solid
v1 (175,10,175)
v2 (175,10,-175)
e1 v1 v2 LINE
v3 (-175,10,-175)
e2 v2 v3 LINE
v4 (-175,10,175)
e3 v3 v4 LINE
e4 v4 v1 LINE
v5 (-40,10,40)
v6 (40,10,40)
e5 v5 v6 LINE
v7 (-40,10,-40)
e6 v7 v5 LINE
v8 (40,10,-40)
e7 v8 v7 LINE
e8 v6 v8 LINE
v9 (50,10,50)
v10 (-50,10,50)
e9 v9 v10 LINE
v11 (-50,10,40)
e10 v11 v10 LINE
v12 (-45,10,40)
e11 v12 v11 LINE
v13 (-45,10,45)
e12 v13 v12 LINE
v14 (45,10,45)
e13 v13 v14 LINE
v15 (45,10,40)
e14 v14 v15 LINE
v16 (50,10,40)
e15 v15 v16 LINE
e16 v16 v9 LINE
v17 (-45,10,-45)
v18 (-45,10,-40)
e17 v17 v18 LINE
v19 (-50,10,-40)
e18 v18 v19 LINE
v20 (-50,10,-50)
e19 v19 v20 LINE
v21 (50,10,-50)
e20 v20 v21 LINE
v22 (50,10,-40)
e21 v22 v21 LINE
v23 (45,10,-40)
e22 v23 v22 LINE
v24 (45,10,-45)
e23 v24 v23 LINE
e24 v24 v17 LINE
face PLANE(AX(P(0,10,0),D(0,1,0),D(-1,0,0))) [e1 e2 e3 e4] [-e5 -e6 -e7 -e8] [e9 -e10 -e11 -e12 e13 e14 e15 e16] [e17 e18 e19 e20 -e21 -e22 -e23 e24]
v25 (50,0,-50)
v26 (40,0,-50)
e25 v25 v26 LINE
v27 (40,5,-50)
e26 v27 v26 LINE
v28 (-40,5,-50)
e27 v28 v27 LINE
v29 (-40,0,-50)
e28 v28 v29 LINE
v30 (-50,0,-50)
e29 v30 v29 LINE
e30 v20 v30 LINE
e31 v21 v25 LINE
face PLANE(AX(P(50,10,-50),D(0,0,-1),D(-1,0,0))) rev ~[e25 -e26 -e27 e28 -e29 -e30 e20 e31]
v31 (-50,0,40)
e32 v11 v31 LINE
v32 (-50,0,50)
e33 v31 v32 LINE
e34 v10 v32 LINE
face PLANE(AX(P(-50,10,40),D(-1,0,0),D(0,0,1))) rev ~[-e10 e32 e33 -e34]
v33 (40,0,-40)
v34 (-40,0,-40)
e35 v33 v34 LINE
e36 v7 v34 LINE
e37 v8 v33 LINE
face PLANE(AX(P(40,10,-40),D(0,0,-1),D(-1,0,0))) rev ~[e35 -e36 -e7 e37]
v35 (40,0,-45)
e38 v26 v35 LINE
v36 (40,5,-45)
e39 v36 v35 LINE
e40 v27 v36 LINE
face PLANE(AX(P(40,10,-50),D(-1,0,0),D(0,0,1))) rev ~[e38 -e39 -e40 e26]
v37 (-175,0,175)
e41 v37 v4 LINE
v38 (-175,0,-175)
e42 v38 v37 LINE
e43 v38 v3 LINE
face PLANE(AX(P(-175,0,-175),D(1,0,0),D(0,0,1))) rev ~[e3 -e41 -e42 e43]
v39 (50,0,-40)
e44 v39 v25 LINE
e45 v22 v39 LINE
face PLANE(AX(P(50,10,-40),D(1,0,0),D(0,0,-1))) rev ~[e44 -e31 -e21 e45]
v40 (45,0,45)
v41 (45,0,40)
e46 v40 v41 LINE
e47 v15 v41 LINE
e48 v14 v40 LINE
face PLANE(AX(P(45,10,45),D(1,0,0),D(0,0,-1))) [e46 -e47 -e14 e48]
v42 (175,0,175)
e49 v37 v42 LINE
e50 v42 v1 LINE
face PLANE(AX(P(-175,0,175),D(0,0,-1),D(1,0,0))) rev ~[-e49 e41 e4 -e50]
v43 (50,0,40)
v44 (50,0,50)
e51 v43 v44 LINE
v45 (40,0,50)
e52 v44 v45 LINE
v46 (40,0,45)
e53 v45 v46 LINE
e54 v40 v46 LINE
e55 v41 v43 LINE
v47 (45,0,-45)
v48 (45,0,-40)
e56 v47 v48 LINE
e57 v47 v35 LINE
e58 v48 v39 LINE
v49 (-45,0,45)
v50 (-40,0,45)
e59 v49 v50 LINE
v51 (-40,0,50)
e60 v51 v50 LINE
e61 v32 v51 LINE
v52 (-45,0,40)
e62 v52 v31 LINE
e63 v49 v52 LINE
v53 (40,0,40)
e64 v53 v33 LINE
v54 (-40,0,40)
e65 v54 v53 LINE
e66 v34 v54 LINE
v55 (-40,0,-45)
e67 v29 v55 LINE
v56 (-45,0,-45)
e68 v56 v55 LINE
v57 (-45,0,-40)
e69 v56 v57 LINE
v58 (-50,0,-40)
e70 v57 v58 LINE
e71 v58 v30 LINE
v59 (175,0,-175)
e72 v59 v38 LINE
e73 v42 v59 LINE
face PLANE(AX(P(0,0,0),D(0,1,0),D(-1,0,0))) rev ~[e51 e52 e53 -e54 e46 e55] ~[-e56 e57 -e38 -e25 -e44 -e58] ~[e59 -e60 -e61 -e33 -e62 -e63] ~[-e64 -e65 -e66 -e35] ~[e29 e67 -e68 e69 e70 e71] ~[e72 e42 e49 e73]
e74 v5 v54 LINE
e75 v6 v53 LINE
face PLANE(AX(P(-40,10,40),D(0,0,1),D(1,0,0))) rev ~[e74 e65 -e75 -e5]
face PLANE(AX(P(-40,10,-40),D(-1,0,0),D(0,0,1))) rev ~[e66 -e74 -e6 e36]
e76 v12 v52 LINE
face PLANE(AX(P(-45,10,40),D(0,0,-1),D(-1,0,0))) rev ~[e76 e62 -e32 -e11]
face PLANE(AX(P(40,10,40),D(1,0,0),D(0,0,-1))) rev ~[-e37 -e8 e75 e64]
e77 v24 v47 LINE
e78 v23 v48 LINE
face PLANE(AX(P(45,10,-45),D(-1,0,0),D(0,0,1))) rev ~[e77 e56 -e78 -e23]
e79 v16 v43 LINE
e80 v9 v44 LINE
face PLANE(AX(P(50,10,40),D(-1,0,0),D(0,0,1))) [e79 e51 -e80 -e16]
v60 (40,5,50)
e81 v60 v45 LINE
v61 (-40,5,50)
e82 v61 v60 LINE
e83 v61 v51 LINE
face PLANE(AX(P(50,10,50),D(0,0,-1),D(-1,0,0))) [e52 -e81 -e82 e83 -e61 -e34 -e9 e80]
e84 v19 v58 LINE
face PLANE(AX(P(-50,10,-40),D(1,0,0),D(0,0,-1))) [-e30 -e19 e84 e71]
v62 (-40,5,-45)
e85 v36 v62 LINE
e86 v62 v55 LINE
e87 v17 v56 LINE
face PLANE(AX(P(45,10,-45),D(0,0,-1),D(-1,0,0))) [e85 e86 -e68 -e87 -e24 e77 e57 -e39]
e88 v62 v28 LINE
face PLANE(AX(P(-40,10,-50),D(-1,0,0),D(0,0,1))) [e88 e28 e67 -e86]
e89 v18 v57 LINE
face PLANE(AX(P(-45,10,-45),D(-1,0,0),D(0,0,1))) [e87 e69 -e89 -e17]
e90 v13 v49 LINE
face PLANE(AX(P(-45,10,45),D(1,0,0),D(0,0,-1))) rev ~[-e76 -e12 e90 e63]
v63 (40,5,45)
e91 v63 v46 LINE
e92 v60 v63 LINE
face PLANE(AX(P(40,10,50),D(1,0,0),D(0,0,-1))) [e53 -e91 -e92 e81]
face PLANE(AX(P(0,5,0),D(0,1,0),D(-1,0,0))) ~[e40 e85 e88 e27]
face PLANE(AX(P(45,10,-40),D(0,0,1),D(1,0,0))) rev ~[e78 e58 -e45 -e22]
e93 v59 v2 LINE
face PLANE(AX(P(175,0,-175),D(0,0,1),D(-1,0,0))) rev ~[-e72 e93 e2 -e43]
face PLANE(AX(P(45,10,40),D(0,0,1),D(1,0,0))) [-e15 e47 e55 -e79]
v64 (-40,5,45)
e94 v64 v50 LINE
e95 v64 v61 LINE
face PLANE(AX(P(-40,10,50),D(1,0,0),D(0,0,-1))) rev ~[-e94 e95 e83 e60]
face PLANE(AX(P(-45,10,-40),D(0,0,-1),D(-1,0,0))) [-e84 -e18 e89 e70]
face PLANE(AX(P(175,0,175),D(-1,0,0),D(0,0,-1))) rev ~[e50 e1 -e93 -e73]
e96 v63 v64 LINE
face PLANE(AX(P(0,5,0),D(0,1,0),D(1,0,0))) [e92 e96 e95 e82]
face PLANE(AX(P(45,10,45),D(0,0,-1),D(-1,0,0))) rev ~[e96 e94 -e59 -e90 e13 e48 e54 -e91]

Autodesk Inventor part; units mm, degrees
ref_plane "YZ Plane" through (0, 0, 0) normal (1, 0, 0) x (0, 1, 0)
ref_plane "XZ Plane" through (0, 0, 0) normal (0, 1, 0) x (-1, 0, 0)
ref_plane "XY Plane" through (0, 0, 0) normal (0, 0, 1) x (1, 0, 0)
sketch "Sketch1" plane through (0, 0, 0) normal (0, 1, 0) x (-1, 0, 0)
  line L0 (-175, 175) -> (-175, -175)
  line L1 (-175, -175) -> (175, -175)
  line L2 (175, -175) -> (175, 175)
  line L3 (175, 175) -> (-175, 175)
  line L4 (-175, 175) -> (175, -175) construction
  line L5 (-175, -175) -> (175, 175) construction
  point P0 (0, 0)
  dimension "d0" = 350
  dimension "d1" = 350
extrude "Extrusion1" add sketch "Sketch1" along normal blind 10
sketch "Sketch2" plane through (0, 10, 0) normal (0, 1, 0) x (1, 0, 0)
  line L0 (175, -175) -> (175, 175) projected
  line L1 (175, 175) -> (-175, 175) projected
  line L2 (-175, 175) -> (-175, -175) projected
  line L3 (-175, -175) -> (175, -175) projected
  line L4 (-175, 175) -> (175, -175) construction
  line L5 (-175, -175) -> (175, -175) construction
  line L6 (-175, -175) -> (161.7326, 161.7326) construction
  line L7 (40, -40) -> (40, 40)
  line L8 (40, 40) -> (-40, 40)
  line L9 (-40, 40) -> (-40, -40)
  line L10 (-40, -40) -> (40, -40)
  line L11 (40, -40) -> (-40, 40) construction
  line L12 (40, 40) -> (-40, -40) construction
  point P0 (0, 0)
  dimension "d4" = 80
  dimension "d5" = 80
extrude "Extrusion2" cut sketch "Sketch2" against normal blind 10 contours L10 L9 L8 L7
sketch "Sketch3" plane through (0, 10, 0) normal (0, 1, 0) x (1, 0, 0)
  line L0 (40, -40) -> (-40, -40) projected
  point P0 (0, 0)
sketch "Sketch4" plane through (0, 10, 0) normal (0, 1, 0) x (1, 0, 0)
  line L0 (40, -40) -> (-40, -40) construction
  line L1 (45, -40) -> (50, -40) construction
  line L2 (45, -40) -> (50, -40)
  line L3 (50, -40) -> (50, -50)
  line L4 (50, -50) -> (40, -50)
  line L5 (40, 40) -> (40, -40) projected
  line L6 (40, -50) -> (40, -45)
  line L7 (45, -45) -> (40, -45)
  line L8 (45, -45) -> (45, -40)
  line L9 (111.0748, 0) -> (-96.7509, 0) construction
  line L10 (0, -82.157) -> (0, 67.3265) construction
  line L11 (45, 40) -> (50, 40)
  line L12 (50, 40) -> (50, 50)
  line L13 (50, 50) -> (40, 50)
  line L14 (40, 50) -> (40, 45)
  line L15 (45, 45) -> (40, 45)
  line L16 (45, 45) -> (45, 40)
  line L17 (-45, -40) -> (-50, -40)
  line L18 (-50, -40) -> (-50, -50)
  line L19 (-50, -50) -> (-40, -50)
  line L20 (-40, -50) -> (-40, -45)
  line L21 (-45, -45) -> (-40, -45)
  line L22 (-45, -45) -> (-45, -40)
  line L23 (-50, 40) -> (-50, 50)
  line L24 (-45, 45) -> (-45, 40)
  line L25 (-45, 45) -> (-40, 45)
  line L26 (-40, 50) -> (-40, 45)
  line L27 (-50, 50) -> (-40, 50)
  line L28 (-45, 40) -> (-50, 40)
  point P0 (0, 0)
  dimension "d10" = 10
  dimension "d11" = 10
  dimension "d12" = 10
  dimension "d14" = 5
  dimension "d15" = 5
extrude "Extrusion3" cut sketch "Sketch4" against normal blind 10
sketch "Sketch5" plane through (0, 10, 0) normal (0, 1, 0) x (1, 0, 0)
  line L0 (-45, -45) -> (-40, -45) projected
  line L1 (40, -45) -> (-40, -45)
  line L2 (-40, -45) -> (-40, -50) projected
  line L3 (-40, -45) -> (-40, -50)
  line L4 (40, -50) -> (40, -45) projected
  line L5 (-40, -50) -> (40, -50)
  point P0 (0, 0)
extrude "Extrusion4" cut sketch "Sketch5" against normal blind 5
mirror "Mirror1" about plane through (0, 0, 0) normal (0, 0, 1) of "Extrusion4"
properties part number "Bassic Vehicle Chassis"
